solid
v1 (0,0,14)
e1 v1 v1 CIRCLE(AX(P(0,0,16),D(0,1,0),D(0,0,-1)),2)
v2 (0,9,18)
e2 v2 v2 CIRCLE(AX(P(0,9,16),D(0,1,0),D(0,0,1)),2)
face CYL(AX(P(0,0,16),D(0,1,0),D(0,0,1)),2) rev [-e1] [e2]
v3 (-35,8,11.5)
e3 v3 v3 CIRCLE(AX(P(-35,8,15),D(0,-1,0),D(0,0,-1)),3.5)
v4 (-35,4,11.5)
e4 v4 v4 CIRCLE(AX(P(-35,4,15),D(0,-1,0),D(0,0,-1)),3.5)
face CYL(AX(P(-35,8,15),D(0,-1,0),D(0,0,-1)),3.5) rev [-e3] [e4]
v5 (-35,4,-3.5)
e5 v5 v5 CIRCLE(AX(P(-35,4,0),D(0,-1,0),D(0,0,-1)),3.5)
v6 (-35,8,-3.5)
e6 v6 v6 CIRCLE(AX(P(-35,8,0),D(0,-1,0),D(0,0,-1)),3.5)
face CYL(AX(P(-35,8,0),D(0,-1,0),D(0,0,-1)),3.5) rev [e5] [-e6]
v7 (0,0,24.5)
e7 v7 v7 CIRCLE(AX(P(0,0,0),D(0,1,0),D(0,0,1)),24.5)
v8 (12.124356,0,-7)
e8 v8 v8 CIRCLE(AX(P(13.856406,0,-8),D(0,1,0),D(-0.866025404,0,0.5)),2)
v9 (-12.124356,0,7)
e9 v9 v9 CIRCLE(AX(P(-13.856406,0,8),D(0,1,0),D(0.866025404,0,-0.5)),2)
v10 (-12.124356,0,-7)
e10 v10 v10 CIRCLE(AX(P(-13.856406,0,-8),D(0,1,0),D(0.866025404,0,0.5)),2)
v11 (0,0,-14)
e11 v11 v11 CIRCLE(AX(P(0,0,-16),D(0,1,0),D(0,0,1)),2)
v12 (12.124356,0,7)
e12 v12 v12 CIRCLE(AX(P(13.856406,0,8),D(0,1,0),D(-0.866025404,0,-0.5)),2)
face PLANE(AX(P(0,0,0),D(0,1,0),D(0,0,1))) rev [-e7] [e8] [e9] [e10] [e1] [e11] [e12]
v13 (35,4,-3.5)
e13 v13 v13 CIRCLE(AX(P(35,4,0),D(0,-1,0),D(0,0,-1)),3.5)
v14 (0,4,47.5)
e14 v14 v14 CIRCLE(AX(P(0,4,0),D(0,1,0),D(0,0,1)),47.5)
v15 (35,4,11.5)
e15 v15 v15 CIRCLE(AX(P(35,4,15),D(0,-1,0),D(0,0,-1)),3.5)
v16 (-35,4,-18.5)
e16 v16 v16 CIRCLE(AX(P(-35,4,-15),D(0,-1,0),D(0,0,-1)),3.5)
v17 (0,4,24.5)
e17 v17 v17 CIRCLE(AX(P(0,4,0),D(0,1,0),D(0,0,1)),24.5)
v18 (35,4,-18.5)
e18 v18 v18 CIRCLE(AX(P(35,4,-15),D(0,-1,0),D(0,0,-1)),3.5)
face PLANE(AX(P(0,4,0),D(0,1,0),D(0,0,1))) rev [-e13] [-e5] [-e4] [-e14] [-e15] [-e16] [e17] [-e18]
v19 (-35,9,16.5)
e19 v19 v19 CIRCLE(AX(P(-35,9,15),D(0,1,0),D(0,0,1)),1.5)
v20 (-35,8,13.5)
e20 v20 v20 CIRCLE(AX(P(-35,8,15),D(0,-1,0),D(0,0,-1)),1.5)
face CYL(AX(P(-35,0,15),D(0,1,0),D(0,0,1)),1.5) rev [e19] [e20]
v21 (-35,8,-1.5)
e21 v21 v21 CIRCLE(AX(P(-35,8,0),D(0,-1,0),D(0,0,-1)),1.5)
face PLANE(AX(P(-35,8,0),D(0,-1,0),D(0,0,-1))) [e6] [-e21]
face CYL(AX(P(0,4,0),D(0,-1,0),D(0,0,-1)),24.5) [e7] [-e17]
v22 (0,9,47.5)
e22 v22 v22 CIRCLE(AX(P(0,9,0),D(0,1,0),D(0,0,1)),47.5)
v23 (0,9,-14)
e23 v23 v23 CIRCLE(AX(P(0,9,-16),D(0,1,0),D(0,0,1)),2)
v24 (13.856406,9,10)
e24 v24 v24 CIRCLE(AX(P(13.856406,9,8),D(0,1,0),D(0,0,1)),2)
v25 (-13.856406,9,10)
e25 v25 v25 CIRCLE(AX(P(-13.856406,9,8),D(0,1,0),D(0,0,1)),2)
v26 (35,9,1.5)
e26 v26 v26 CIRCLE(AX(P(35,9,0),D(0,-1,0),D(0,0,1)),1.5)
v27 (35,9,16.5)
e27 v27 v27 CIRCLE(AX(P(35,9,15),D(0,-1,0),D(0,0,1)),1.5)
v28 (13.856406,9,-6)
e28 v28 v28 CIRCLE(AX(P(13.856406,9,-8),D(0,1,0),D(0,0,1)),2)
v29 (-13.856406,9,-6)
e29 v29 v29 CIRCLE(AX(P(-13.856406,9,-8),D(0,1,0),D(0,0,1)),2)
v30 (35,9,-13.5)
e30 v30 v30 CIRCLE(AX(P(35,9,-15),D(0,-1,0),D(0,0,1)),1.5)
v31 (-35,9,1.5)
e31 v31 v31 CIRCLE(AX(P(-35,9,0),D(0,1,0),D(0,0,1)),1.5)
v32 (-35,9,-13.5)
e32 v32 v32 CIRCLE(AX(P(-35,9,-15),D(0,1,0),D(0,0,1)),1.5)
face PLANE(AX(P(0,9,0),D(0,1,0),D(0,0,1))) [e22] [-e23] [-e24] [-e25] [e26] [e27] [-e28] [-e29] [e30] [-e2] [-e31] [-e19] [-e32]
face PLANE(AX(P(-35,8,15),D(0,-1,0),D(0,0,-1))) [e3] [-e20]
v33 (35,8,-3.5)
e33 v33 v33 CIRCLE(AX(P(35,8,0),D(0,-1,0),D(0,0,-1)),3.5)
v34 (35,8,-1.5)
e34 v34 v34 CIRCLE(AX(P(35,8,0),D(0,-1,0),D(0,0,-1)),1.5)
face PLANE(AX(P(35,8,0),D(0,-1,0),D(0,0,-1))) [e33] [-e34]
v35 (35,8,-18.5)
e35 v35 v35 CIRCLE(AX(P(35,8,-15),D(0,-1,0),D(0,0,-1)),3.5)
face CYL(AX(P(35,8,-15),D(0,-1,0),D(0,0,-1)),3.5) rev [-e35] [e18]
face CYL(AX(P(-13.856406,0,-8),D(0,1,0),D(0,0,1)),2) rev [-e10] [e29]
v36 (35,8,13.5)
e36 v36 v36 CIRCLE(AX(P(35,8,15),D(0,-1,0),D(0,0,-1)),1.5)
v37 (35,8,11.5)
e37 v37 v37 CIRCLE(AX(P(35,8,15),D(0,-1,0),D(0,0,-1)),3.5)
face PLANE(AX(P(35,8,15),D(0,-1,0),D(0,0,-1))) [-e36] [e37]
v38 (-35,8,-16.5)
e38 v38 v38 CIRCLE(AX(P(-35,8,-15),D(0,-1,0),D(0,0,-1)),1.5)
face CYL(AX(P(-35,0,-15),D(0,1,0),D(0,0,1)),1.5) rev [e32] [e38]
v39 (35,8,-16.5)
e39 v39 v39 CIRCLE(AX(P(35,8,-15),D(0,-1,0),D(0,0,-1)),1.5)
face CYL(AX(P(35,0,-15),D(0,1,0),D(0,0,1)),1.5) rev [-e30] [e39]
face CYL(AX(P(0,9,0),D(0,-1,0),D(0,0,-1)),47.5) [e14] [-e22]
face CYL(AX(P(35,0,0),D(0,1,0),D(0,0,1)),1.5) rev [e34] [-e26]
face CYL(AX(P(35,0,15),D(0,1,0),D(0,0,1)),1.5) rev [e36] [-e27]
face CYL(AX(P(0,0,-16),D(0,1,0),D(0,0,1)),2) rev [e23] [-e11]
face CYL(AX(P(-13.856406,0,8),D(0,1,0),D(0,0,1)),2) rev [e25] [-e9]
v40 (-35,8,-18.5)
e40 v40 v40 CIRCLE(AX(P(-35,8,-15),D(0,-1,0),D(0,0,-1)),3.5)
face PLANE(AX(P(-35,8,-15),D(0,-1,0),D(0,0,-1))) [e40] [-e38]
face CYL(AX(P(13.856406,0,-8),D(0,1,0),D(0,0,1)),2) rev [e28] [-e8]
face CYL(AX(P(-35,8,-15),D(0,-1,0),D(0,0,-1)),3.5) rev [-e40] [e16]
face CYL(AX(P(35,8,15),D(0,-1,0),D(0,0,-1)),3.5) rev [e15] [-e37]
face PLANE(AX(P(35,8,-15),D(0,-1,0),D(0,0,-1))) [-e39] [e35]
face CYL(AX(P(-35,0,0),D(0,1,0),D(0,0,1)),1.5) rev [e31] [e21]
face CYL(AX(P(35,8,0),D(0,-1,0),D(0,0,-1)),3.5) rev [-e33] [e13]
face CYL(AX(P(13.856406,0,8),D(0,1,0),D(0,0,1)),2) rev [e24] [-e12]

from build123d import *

# Parameters (mm, degrees)
CROQUIS1_R              = 24.5
SALIENTE_EXTRUIR1_DEPTH = 4
CROQUIS2_R              = 2
CORTAR_EXTRUIR1_DEPTH   = 35.878360053
MATRIZC1_COUNT          = 6
SALIENTE_EXTRUIR2_START = 5
CROQUIS3_R              = 47.5
CROQUIS3_R_2            = 2
SALIENTE_EXTRUIR2_DEPTH = 5
CROQUIS6_R              = 1.5
CORTAR_EXTRUIR2_DEPTH   = 68.775364256
CORTAR_EXTRUIR3_START   = -4
CROQUIS7_R              = 3.5
CROQUIS7_R_2            = 1.5
CORTAR_EXTRUIR3_DEPTH   = 4


with BuildPart() as part:
    # Croquis1 → Saliente-Extruir1 (new body)
    with BuildSketch(Plane(origin=(0, 0, 0), x_dir=(1, 0, 0), z_dir=(0, 1, 0))):
        with Locations(Location((0, 0, 0), (0, 0, 270))):
            Circle(CROQUIS1_R)
    extrude(amount=SALIENTE_EXTRUIR1_DEPTH)

    # Croquis2 → Cortar-Extruir1 (cut, through all)
    with BuildSketch(Plane(origin=(0, 4, 0), x_dir=(1, 0, 0), z_dir=(0, 1, 0))):
        with Locations(Location((0, 16, 0), (0, 0, 270))):
            Circle(CROQUIS2_R)
    cortar_extruir1 = extrude(amount=-CORTAR_EXTRUIR1_DEPTH, mode=Mode.SUBTRACT)

    # MatrizC1: Cortar-Extruir1 ×6 about axis
    matrizc1_axis = Axis((0, 0, 0), (0, 1, 0))
    for i in range(1, MATRIZC1_COUNT):
        add(cortar_extruir1.rotate(matrizc1_axis, i * 360 / MATRIZC1_COUNT), mode=Mode.SUBTRACT)

    # Croquis3 → Saliente-Extruir2 (add)
    with BuildSketch(Plane(origin=(0, 4, 0), x_dir=(1, 0, 0), z_dir=(0, 1, 0)).offset(SALIENTE_EXTRUIR2_START)):
        with Locations(Location((0, 0, 0), (0, 0, 270))):
            Circle(CROQUIS3_R)
        with Locations(Location((13.856406461, 8, 0), (0, 0, 270))):
            Circle(CROQUIS3_R_2, mode=Mode.SUBTRACT)
        with Locations(Location((13.856406461, -8, 0), (0, 0, 270))):
            Circle(CROQUIS3_R_2, mode=Mode.SUBTRACT)
        with Locations(Location((0, -16, 0), (0, 0, 270))):
            Circle(CROQUIS3_R_2, mode=Mode.SUBTRACT)
        with Locations(Location((-13.856406461, -8, 0), (0, 0, 270))):
            Circle(CROQUIS3_R_2, mode=Mode.SUBTRACT)
        with Locations(Location((-13.856406461, 8, 0), (0, 0, 270))):
            Circle(CROQUIS3_R_2, mode=Mode.SUBTRACT)
        with Locations(Location((0, 16, 0), (0, 0, 270))):
            Circle(CROQUIS3_R_2, mode=Mode.SUBTRACT)
    extrude(amount=-SALIENTE_EXTRUIR2_DEPTH)

    # Croquis6 → Cortar-Extruir2 (cut, through all)
    with BuildSketch(Plane(origin=(0, 9, 0), x_dir=(1, 0, 0), z_dir=(0, 1, 0))):
        with Locations(Location((-35, 15, 0), (0, 0, 270))):
            Circle(CROQUIS6_R)
        with Locations(Location((-35, 0, 0), (0, 0, 270))):
            Circle(CROQUIS6_R)
        with Locations(Location((-35, -15, 0), (0, 0, 270))):
            Circle(CROQUIS6_R)
    cortar_extruir2 = extrude(amount=-CORTAR_EXTRUIR2_DEPTH, mode=Mode.SUBTRACT)

    # Simetría1: Cortar-Extruir2 across plane
    add(cortar_extruir2.mirror(Plane(origin=(0, 0, 0), x_dir=(0, 0, 1), z_dir=(1, 0, 0))), mode=Mode.SUBTRACT)

    # Croquis7 → Cortar-Extruir3 (cut)
    # profile 1 of 6: a face of its own
    with BuildSketch(Plane.XZ.offset(-4).offset(CORTAR_EXTRUIR3_START)):
        with Locations(Location((35, 15, 0), (0, 0, 270))):
            Circle(CROQUIS7_R)
        with Locations(Location((35, 15, 0), (0, 0, 90))):
            Circle(CROQUIS7_R_2, mode=Mode.SUBTRACT)
    # profile 2 of 6: a face of its own
    with BuildSketch(Plane.XZ.offset(-4).offset(CORTAR_EXTRUIR3_START)):
        with Locations(Location((35, 0, 0), (0, 0, 270))):
            Circle(CROQUIS7_R)
        with Locations(Location((35, 0, 0), (0, 0, 90))):
            Circle(CROQUIS7_R_2, mode=Mode.SUBTRACT)
    # profile 3 of 6: a face of its own
    with BuildSketch(Plane.XZ.offset(-4).offset(CORTAR_EXTRUIR3_START)):
        with Locations(Location((35, -15, 0), (0, 0, 270))):
            Circle(CROQUIS7_R)
        with Locations(Location((35, -15, 0), (0, 0, 90))):
            Circle(CROQUIS7_R_2, mode=Mode.SUBTRACT)
    # profile 4 of 6: a face of its own
    with BuildSketch(Plane.XZ.offset(-4).offset(CORTAR_EXTRUIR3_START)):
        with Locations(Location((-35, 15, 0), (0, 0, 270))):
            Circle(CROQUIS7_R)
        with Locations(Location((-35, 15, 0), (0, 0, 90))):
            Circle(CROQUIS7_R_2, mode=Mode.SUBTRACT)
    # profile 5 of 6: a face of its own
    with BuildSketch(Plane.XZ.offset(-4).offset(CORTAR_EXTRUIR3_START)):
        with Locations(Location((-35, 0, 0), (0, 0, 270))):
            Circle(CROQUIS7_R)
        with Locations(Location((-35, 0, 0), (0, 0, 90))):
            Circle(CROQUIS7_R_2, mode=Mode.SUBTRACT)
    # profile 6 of 6: a face of its own
    with BuildSketch(Plane.XZ.offset(-4).offset(CORTAR_EXTRUIR3_START)):
        with Locations(Location((-35, -15, 0), (0, 0, 270))):
            Circle(CROQUIS7_R)
        with Locations(Location((-35, -15, 0), (0, 0, 90))):
            Circle(CROQUIS7_R_2, mode=Mode.SUBTRACT)
    extrude(amount=CORTAR_EXTRUIR3_DEPTH, mode=Mode.SUBTRACT)


solid = part.part
